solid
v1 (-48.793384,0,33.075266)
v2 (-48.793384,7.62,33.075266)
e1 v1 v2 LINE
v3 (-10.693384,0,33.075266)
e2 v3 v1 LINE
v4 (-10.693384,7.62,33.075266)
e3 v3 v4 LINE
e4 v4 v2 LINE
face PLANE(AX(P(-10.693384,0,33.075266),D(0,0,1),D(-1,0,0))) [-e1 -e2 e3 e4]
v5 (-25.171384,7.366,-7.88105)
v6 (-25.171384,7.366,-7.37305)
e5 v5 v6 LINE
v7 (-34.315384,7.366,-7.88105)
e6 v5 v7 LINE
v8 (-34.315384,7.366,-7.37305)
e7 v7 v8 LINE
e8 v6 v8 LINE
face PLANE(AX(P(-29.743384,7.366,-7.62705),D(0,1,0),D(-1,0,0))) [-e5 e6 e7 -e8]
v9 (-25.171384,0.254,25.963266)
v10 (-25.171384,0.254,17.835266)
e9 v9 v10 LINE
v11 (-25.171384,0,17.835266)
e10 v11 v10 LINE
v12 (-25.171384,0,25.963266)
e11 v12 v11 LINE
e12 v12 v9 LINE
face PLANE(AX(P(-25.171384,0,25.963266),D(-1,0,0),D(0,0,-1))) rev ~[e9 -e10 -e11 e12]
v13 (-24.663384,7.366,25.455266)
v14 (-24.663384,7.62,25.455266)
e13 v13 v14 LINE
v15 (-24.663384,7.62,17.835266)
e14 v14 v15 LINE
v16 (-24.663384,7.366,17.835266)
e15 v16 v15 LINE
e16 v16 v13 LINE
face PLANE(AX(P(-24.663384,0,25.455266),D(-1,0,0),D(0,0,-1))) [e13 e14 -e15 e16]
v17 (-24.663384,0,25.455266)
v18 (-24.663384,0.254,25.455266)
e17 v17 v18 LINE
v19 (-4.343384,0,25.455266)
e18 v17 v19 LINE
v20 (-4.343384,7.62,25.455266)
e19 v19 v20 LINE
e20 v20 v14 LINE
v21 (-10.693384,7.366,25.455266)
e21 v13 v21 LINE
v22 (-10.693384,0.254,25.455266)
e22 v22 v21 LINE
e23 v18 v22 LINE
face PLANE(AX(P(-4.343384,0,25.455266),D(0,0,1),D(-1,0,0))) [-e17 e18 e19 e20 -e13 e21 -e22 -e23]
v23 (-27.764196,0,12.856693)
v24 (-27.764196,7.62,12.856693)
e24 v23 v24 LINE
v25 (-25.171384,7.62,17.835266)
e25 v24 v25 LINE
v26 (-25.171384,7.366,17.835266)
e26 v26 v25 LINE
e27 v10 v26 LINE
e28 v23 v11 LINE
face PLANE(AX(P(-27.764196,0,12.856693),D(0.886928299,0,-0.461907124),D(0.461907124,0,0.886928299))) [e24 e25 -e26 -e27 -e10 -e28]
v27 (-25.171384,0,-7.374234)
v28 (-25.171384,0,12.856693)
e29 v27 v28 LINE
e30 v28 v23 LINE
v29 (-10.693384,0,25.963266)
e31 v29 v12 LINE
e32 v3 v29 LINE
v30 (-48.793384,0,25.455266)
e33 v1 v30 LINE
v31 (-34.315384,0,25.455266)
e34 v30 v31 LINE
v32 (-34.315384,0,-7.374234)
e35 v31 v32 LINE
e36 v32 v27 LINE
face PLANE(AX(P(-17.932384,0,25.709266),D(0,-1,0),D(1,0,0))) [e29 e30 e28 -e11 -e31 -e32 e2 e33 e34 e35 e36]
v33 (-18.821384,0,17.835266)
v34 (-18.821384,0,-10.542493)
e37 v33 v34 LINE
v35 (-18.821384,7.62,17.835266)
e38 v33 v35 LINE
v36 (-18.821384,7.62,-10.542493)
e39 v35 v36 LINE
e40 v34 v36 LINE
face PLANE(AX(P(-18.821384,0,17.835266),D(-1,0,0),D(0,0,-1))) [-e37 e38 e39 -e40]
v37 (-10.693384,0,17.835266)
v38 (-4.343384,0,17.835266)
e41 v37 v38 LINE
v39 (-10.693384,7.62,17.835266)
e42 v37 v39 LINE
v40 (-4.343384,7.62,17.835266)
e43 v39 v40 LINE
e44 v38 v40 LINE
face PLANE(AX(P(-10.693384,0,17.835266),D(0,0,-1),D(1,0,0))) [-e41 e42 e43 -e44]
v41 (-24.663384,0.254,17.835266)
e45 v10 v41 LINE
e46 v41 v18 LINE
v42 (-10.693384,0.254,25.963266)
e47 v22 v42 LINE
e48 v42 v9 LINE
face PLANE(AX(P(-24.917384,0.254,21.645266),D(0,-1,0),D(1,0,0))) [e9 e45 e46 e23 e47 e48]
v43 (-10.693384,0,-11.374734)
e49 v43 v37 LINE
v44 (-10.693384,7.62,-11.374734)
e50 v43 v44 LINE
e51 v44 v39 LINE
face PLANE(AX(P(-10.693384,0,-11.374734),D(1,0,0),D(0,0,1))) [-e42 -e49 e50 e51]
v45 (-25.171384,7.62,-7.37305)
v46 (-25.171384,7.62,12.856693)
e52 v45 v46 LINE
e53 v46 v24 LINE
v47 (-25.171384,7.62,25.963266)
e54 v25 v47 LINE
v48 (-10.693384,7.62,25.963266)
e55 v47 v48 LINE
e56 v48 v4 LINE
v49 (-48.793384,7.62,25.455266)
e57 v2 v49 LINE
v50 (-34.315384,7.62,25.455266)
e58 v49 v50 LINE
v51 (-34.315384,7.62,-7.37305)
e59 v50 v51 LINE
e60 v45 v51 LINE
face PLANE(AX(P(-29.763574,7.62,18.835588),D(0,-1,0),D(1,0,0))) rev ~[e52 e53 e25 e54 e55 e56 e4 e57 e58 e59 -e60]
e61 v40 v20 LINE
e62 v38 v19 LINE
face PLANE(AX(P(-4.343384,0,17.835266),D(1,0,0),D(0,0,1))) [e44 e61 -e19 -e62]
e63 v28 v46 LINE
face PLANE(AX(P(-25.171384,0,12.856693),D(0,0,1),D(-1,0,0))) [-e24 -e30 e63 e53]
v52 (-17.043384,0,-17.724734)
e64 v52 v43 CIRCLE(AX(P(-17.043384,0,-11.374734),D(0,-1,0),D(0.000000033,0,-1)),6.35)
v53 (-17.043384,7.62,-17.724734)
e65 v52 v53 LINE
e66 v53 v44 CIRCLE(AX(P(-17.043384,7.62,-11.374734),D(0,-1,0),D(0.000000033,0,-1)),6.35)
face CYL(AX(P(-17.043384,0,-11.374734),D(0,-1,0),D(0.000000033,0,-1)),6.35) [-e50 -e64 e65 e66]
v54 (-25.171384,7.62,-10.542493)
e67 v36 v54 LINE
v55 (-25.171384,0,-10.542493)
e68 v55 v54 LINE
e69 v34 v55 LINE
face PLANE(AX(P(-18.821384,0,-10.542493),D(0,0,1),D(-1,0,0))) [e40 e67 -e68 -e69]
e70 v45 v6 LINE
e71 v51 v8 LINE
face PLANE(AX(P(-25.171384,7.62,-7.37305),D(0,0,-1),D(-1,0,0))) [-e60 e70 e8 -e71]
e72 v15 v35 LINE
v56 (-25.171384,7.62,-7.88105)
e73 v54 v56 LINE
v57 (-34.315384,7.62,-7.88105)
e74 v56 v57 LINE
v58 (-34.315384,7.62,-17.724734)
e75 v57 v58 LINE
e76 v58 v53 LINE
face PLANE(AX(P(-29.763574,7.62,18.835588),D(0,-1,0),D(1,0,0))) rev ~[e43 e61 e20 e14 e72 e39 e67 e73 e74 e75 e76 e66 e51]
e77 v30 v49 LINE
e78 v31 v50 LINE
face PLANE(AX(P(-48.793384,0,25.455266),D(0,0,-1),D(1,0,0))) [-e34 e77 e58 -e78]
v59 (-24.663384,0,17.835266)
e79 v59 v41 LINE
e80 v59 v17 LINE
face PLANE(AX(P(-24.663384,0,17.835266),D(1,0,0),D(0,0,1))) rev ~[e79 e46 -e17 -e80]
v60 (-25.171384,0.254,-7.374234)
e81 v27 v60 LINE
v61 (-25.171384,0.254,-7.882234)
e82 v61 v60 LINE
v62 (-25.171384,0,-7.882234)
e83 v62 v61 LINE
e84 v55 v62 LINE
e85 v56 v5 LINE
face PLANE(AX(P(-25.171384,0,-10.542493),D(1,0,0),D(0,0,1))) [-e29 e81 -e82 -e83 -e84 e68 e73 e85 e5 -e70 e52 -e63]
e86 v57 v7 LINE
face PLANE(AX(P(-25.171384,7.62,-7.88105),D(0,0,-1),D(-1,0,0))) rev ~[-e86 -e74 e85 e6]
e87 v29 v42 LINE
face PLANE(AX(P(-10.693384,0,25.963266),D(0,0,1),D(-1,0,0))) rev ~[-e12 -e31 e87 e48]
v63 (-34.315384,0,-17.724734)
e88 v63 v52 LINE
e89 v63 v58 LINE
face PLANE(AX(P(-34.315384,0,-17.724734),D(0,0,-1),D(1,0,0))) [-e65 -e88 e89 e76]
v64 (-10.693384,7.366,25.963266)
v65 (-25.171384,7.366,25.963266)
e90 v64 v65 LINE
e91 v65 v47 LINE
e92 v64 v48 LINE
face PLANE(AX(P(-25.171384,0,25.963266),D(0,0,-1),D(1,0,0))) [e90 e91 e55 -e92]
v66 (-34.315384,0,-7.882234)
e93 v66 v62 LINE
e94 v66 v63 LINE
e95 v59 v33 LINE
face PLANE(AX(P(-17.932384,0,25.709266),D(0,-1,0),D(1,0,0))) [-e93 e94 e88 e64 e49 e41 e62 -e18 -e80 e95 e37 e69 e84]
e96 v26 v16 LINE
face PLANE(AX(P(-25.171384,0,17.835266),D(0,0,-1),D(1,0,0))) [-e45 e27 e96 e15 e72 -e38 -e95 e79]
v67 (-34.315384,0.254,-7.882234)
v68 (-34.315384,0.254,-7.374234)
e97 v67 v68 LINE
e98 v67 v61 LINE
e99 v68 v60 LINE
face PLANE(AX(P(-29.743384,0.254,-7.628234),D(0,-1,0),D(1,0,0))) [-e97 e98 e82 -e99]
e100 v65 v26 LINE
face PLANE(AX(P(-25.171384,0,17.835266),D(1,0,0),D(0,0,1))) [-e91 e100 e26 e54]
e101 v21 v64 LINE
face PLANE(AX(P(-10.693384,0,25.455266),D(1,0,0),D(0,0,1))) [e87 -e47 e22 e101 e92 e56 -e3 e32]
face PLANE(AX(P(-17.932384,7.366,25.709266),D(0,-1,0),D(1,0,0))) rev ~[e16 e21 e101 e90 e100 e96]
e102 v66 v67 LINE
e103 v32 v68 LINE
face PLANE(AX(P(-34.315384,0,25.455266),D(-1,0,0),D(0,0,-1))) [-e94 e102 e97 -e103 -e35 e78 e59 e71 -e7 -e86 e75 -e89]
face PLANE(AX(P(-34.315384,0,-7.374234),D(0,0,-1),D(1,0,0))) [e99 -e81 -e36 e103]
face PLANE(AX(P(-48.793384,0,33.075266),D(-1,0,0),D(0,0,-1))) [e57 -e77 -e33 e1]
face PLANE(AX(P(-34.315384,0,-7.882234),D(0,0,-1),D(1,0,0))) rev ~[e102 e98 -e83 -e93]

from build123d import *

# Parameters (mm, degrees)
F0_W     = 9.144
F0_H     = 0.508
F1_DEPTH = 7.62
F2_DEPTH = 7.366
F3_DEPTH = 0.254
F4_W     = 9.144
F4_H     = 0.508
F5_DEPTH = 0.254


with BuildPart() as f1:
    # F0 (on Front) → F1 (new body)
    with BuildSketch(Plane.XZ):
        Polygon((-10.693384, 33.075266), (-48.793384, 33.075266), (-48.793384, 25.455266), (-34.315384, 25.455266), (-34.315384, -7.374234), (-25.171384, -7.374234), (-25.171384, 12.856693), (-27.764196, 12.856693), (-25.171384, 17.835266), (-25.171384, 25.137766), (-25.171384, 25.455266), (-25.171384, 25.963266), (-10.693384, 25.963266), align=None)
        with Locations((-29.743384, -7.628234)):
            Rectangle(F0_W, F0_H)
        with BuildLine():
            Line((-4.343384, 25.455266), (-10.693384, 25.455266))
            Line((-10.693384, 25.455266), (-24.663384, 25.455266))
            Line((-24.663384, 25.455266), (-24.663384, 17.835266))
            Line((-24.663384, 17.835266), (-18.821384, 17.835266))
            Line((-18.821384, 17.835266), (-18.821384, -10.542493))
            Line((-18.821384, -10.542493), (-25.171384, -10.542493))
            Line((-25.171384, -10.542493), (-25.171384, -7.882234))
            Line((-25.171384, -7.882234), (-34.315384, -7.882234))
            Line((-34.315384, -7.882234), (-34.315384, -17.724734))
            Line((-34.315384, -17.724734), (-17.043384, -17.724734))
            ThreePointArc((-17.043384, -17.724734), (-12.553256, -15.864862), (-10.693384, -11.374734))
            Line((-10.693384, -11.374734), (-10.693384, 17.835266))
            Line((-10.693384, 17.835266), (-4.343384, 17.835266))
            Line((-4.343384, 17.835266), (-4.343384, 25.455266))
        make_face()
    extrude(amount=-F1_DEPTH)

    # F0 (on Front) → F2 (join)
    with BuildSketch(Plane.XZ):
        Polygon((-10.693384, 25.455266), (-10.693384, 25.963266), (-25.171384, 25.963266), (-25.171384, 25.455266), (-24.663384, 25.455266), align=None)
        Polygon((-24.663384, 25.455266), (-25.171384, 25.455266), (-25.171384, 25.137766), (-25.171384, 17.835266), (-24.663384, 17.835266), align=None)
        with Locations((-29.743384, -7.628234)):
            Rectangle(F0_W, F0_H)
    extrude(amount=-F2_DEPTH)

    # F0 (on Front) → F3 (cut)
    with BuildSketch(Plane.XZ):
        Polygon((-24.663384, 25.455266), (-25.171384, 25.455266), (-25.171384, 25.137766), (-25.171384, 17.835266), (-24.663384, 17.835266), align=None)
        Polygon((-10.693384, 25.455266), (-10.693384, 25.963266), (-25.171384, 25.963266), (-25.171384, 25.455266), (-24.663384, 25.455266), align=None)
        with Locations((-29.743384, -7.628234)):
            Rectangle(F0_W, F0_H)
    extrude(amount=-F3_DEPTH, mode=Mode.SUBTRACT)

    # F4 (on face) → F5 (cut)
    with BuildSketch(Plane(origin=(0, 7.62, 0), x_dir=(-1, 0, 0), z_dir=(0, 1, 0))):
        with Locations((29.743384, -7.62705)):
            Rectangle(F4_W, F4_H)
    extrude(amount=-F5_DEPTH, mode=Mode.SUBTRACT)


solid = f1.part
